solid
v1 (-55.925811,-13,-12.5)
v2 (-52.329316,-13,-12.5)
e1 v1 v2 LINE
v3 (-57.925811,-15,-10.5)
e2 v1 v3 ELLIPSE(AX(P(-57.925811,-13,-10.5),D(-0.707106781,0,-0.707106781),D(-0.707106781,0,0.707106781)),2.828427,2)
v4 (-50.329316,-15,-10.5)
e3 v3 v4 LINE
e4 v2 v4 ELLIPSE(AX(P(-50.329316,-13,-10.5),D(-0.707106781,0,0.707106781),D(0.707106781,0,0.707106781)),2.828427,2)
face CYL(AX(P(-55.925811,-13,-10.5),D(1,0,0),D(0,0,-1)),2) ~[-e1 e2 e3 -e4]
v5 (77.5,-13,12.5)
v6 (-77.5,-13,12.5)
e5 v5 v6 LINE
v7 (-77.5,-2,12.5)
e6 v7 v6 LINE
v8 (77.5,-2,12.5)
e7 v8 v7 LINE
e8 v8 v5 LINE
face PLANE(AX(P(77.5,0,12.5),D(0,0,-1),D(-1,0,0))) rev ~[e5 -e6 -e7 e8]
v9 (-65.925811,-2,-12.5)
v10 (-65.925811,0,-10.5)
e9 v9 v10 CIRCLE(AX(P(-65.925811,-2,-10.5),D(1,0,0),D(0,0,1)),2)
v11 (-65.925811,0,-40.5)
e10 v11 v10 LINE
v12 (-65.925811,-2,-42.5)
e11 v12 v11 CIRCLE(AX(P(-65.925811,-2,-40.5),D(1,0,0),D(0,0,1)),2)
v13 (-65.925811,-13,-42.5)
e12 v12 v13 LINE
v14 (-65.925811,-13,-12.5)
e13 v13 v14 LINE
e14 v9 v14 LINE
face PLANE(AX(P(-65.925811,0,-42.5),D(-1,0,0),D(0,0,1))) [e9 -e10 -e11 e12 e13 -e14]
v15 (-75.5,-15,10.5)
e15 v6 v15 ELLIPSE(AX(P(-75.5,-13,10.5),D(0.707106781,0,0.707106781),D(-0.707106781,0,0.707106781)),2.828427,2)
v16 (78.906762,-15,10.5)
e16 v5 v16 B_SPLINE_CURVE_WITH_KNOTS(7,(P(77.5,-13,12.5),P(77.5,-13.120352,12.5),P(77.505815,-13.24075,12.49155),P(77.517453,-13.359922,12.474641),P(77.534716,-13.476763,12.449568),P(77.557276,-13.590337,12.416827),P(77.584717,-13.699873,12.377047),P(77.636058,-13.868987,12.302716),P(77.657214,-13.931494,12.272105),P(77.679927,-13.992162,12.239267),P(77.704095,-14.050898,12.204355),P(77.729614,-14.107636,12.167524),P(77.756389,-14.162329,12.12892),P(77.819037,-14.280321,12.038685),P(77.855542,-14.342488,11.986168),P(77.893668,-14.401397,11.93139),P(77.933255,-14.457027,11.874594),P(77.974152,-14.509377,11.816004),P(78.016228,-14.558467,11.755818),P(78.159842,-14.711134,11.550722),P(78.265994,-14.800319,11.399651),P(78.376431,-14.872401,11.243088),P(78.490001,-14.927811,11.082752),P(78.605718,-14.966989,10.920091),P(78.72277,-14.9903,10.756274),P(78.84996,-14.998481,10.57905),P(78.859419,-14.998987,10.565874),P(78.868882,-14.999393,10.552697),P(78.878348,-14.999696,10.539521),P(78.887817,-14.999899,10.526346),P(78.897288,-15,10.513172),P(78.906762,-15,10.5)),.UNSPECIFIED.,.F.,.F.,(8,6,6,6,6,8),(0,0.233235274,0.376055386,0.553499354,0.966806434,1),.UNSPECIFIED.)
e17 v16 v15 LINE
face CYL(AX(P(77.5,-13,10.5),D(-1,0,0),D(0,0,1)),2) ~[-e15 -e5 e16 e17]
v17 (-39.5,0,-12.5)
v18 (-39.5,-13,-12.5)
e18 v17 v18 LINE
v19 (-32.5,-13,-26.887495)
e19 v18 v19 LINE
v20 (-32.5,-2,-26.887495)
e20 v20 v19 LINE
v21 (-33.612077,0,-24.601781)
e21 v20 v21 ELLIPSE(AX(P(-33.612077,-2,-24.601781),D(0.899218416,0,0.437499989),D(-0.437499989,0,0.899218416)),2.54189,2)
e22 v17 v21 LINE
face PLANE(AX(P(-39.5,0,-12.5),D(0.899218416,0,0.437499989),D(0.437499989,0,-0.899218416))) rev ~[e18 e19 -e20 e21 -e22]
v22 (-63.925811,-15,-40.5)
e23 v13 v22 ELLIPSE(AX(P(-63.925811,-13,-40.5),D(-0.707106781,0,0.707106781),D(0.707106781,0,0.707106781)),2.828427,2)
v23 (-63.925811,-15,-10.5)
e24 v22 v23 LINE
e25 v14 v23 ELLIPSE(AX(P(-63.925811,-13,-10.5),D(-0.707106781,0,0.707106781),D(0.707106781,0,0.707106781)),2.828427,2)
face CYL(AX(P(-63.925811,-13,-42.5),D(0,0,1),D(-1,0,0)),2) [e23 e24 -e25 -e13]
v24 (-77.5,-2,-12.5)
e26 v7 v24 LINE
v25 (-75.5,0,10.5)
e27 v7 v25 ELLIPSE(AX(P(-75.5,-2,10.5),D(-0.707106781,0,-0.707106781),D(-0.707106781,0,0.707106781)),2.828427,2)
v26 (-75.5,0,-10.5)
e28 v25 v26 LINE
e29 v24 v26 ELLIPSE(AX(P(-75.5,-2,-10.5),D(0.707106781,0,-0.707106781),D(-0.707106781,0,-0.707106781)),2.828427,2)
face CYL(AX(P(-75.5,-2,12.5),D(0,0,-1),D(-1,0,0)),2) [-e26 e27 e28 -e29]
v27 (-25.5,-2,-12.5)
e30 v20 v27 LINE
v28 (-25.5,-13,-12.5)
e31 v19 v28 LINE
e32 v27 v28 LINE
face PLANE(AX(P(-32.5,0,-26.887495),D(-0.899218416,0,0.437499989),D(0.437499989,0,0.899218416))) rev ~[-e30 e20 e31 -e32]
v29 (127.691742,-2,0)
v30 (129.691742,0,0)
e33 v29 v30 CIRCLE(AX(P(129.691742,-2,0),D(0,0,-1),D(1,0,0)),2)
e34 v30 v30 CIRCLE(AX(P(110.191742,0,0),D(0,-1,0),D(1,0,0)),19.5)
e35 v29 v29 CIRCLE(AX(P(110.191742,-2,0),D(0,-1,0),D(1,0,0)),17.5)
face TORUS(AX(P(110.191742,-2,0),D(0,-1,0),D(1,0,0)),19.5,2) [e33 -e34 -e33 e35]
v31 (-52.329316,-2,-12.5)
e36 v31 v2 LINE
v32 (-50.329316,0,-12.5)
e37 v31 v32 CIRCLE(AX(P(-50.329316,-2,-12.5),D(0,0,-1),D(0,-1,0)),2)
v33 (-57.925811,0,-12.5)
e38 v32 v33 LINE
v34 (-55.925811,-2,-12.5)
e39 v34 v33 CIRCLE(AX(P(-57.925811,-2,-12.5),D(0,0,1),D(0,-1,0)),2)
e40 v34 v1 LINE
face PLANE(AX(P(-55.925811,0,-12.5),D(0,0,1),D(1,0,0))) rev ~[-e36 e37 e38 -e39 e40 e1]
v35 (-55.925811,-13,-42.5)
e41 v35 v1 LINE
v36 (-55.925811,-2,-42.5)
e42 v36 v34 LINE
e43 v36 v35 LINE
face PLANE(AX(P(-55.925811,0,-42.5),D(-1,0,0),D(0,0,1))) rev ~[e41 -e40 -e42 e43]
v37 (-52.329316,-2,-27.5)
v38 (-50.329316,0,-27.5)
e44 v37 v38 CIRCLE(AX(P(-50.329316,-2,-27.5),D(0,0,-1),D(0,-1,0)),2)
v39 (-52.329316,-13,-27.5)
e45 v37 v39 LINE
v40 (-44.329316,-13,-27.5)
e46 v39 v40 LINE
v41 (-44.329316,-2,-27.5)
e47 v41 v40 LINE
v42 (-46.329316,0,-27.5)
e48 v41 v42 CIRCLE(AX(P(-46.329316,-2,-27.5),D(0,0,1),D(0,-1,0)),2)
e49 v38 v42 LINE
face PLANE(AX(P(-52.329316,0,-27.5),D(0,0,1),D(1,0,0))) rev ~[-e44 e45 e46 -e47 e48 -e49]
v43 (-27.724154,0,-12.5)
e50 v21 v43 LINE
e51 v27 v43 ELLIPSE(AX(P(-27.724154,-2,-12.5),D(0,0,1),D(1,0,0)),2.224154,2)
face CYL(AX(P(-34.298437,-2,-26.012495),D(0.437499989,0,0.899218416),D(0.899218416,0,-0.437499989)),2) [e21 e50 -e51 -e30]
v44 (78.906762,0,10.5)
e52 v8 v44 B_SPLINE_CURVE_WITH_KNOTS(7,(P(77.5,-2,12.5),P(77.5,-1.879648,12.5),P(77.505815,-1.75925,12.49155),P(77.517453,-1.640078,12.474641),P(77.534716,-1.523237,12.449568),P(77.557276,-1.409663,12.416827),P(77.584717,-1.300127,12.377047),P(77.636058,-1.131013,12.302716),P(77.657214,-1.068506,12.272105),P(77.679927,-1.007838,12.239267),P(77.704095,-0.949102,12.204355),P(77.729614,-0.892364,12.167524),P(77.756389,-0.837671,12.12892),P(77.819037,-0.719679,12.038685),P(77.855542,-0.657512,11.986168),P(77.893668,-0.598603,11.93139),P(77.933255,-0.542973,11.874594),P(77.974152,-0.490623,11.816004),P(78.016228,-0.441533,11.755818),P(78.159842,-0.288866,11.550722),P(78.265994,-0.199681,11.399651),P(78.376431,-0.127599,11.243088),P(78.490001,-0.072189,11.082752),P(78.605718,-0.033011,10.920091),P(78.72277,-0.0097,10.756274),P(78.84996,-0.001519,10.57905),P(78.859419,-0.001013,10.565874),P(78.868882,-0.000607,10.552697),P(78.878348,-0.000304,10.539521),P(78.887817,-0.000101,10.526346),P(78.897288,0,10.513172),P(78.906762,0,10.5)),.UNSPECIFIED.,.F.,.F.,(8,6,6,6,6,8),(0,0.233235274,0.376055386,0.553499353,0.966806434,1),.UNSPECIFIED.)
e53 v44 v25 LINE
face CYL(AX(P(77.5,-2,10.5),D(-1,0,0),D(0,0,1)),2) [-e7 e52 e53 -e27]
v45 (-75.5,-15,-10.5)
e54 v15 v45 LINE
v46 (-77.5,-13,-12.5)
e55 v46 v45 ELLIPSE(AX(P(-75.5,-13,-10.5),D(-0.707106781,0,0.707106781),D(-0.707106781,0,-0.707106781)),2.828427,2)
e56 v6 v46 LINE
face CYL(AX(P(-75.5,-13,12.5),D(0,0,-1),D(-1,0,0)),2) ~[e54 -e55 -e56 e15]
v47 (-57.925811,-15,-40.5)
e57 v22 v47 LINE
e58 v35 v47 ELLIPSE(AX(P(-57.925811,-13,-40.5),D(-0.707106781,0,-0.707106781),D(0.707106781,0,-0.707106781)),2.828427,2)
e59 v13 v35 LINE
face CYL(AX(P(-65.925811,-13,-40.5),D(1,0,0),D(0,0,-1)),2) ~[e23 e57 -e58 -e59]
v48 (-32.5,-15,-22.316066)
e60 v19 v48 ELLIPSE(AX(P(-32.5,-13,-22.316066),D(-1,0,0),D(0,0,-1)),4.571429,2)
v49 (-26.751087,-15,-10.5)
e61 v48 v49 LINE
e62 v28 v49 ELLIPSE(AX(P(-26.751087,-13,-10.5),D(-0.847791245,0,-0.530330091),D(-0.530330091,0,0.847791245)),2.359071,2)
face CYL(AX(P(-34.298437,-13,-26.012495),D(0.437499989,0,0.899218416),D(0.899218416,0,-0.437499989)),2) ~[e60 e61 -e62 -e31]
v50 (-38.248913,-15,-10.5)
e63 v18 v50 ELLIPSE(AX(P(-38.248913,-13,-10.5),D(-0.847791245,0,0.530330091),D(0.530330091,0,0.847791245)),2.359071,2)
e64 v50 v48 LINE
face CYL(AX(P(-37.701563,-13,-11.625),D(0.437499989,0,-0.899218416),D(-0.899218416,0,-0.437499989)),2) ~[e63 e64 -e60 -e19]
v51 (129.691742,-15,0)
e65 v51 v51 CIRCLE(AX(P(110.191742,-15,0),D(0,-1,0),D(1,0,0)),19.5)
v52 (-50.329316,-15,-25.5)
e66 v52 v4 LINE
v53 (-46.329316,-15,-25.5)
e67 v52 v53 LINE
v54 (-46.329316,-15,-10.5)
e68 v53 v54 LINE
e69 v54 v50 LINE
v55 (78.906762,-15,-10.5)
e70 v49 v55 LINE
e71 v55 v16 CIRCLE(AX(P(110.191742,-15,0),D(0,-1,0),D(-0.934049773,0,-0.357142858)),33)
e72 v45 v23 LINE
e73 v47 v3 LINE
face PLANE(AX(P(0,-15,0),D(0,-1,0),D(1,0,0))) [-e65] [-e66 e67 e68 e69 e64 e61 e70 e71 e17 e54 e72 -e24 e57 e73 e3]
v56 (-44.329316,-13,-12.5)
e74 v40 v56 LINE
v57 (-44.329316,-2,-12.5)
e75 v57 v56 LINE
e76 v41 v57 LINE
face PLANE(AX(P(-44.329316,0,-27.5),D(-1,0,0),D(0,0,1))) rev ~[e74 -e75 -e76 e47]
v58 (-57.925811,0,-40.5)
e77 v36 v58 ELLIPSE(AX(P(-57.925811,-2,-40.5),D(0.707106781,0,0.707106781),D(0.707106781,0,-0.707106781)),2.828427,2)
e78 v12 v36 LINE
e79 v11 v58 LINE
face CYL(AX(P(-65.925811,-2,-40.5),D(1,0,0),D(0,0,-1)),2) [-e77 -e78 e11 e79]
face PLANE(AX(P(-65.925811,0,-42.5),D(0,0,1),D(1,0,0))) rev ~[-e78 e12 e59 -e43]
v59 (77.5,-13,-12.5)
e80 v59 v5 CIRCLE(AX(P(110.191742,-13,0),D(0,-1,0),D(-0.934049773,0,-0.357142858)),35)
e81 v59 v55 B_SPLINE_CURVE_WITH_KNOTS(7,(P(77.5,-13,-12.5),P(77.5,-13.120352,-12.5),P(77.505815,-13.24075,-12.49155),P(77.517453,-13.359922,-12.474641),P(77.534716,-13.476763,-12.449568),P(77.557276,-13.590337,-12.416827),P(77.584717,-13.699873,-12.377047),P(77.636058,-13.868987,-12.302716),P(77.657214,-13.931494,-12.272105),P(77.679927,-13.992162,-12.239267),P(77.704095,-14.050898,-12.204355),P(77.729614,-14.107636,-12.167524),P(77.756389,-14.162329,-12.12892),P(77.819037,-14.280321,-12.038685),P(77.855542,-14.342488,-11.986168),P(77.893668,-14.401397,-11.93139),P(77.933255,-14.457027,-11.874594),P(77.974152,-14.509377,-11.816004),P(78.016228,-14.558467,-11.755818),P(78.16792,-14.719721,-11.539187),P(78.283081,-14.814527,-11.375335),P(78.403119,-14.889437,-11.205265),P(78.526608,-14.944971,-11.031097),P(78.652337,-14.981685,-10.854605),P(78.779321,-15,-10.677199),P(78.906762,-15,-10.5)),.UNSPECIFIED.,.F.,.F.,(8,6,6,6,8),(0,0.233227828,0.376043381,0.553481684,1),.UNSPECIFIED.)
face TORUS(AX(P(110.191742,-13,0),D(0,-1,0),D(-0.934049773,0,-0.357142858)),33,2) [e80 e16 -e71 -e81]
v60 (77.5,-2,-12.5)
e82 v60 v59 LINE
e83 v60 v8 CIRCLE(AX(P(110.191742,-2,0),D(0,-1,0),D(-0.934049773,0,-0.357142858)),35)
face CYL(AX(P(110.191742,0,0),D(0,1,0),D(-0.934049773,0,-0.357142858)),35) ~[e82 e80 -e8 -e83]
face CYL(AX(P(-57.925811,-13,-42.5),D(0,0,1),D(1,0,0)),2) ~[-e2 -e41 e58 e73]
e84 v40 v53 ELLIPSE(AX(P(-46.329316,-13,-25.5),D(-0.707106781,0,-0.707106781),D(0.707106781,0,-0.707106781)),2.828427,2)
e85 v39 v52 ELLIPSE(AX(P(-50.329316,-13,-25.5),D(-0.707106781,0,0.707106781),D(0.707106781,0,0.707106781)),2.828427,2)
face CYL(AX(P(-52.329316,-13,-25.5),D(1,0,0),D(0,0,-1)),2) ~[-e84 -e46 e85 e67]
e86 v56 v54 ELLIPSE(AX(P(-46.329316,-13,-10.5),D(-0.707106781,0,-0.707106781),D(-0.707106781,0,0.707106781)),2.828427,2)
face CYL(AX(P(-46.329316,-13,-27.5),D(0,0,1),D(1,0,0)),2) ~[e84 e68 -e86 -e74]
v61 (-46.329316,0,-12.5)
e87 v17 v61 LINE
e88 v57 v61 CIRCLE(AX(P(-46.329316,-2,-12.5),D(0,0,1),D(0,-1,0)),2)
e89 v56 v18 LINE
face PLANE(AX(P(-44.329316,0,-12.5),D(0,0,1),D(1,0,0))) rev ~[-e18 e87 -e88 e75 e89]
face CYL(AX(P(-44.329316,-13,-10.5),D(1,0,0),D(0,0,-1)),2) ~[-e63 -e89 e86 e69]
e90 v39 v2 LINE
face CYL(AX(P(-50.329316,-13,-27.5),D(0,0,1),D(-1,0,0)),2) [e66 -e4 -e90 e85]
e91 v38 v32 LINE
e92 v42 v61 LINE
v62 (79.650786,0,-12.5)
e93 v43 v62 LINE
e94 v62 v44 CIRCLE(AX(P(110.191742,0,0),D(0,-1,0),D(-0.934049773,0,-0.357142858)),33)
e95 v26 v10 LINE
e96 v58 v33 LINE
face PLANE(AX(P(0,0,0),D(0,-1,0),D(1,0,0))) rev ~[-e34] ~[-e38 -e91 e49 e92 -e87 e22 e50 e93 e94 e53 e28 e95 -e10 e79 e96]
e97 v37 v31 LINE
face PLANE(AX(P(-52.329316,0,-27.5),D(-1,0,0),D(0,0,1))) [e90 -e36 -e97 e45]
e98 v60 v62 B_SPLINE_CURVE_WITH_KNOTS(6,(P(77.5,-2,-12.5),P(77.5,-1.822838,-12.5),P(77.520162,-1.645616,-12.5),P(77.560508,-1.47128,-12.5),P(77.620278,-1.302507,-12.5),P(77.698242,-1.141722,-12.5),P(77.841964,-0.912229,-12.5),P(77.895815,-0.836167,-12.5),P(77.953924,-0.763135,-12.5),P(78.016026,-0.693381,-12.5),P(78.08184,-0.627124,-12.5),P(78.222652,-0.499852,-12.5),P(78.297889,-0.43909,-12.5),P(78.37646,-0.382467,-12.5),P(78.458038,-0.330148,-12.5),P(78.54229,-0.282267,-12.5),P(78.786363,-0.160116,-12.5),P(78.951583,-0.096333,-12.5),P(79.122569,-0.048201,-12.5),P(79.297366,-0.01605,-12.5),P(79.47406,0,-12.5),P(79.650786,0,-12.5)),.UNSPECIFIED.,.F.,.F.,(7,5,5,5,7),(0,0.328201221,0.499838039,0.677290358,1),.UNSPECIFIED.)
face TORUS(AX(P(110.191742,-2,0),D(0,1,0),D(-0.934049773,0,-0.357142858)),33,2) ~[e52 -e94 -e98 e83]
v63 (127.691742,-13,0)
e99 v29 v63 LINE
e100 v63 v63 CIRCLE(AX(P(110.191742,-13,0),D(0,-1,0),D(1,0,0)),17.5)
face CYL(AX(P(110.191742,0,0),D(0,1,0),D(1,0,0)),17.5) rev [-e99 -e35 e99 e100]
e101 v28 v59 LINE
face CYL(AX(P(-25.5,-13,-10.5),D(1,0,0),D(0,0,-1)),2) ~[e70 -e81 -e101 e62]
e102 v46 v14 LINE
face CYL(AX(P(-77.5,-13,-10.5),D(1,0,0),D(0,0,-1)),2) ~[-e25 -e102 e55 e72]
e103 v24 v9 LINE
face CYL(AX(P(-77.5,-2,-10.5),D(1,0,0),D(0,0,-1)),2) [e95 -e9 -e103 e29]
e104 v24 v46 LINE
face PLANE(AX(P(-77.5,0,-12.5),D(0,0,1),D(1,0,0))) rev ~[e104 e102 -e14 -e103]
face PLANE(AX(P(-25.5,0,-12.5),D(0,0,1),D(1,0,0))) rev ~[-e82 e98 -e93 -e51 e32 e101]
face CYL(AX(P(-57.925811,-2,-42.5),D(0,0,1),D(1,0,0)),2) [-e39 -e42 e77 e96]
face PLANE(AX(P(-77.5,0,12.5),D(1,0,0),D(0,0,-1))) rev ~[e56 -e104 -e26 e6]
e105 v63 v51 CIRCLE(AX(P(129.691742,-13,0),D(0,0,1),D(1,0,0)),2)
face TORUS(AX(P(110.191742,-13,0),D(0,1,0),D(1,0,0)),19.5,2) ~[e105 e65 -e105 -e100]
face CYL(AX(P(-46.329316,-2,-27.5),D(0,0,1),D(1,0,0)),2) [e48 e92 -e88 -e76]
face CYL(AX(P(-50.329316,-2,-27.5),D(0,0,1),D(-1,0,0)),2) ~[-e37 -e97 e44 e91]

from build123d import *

# Parameters (mm, degrees)
F0_R     = 17.5
F0_W     = 8
F0_H     = 15
F0_W_2   = 10
F0_H_2   = 30
F1_DEPTH = 15
F2_R     = 2


with BuildPart() as f1:
    # F0 (on Front) → F1 (new body)
    with BuildSketch(Plane.XZ):
        Polygon((77.5, 12.5), (-77.5, 12.5), (-77.5, -12.5), (-65.925811, -12.5), (-55.925811, -12.5), (-52.329316, -12.5), (-44.329316, -12.5), (-39.5, -12.5), (-32.5, -12.5), (-25.5, -12.5), (77.5, -12.5), align=None)
        with BuildLine():
            ThreePointArc((77.5, -12.5), (145.191742, 0), (77.5, 12.5))
            Line((77.5, 12.5), (77.5, -12.5))
        make_face()
        with Locations((110.191742, 0)):
            Circle(F0_R, mode=Mode.SUBTRACT)
        Polygon((-32.5, -26.887495), (-32.5, -12.5), (-39.5, -12.5), align=None)
        Polygon((-32.5, -26.887495), (-25.5, -12.5), (-32.5, -12.5), align=None)
        with Locations((-48.329316, -20)):
            Rectangle(F0_W, F0_H)
        with Locations((-60.925811, -27.5)):
            Rectangle(F0_W_2, F0_H_2)
    extrude(amount=F1_DEPTH)

    # F2
    f2_edges = [f1.edges().sort_by_distance(p)[0] for p in [
        (0, -15, 12.5),
        (-77.5, -15, 0),
        (-71.712905, -15, -12.5),
        (-65.925811, -15, -27.5),
        (-60.925811, -15, -42.5),
        (-55.925811, -15, -27.5),
        (-54.127563, -15, -12.5),
        (-52.329316, -15, -20),
        (-48.329316, -15, -27.5),
        (-44.329316, -15, -20),
        (-41.914658, -15, -12.5),
        (-36, -15, -19.693747),
        (-29, -15, -19.693747),
        (26, -15, -12.5),
        (145.191742, -15, 0),
        (92.691742, -15, 0),
        (-29, 0, -19.693747),
        (92.691742, 0, 0),
        (0, 0, 12.5),
        (-77.5, 0, 0),
        (-60.925811, 0, -42.5),
        (-55.925811, 0, -27.5),
        (-52.329316, 0, -20),
        (145.191742, 0, 0),
        (-44.329316, 0, -20),
        (-71.712905, 0, -12.5),
    ]]
    fillet(f2_edges, radius=F2_R)


solid = f1.part
